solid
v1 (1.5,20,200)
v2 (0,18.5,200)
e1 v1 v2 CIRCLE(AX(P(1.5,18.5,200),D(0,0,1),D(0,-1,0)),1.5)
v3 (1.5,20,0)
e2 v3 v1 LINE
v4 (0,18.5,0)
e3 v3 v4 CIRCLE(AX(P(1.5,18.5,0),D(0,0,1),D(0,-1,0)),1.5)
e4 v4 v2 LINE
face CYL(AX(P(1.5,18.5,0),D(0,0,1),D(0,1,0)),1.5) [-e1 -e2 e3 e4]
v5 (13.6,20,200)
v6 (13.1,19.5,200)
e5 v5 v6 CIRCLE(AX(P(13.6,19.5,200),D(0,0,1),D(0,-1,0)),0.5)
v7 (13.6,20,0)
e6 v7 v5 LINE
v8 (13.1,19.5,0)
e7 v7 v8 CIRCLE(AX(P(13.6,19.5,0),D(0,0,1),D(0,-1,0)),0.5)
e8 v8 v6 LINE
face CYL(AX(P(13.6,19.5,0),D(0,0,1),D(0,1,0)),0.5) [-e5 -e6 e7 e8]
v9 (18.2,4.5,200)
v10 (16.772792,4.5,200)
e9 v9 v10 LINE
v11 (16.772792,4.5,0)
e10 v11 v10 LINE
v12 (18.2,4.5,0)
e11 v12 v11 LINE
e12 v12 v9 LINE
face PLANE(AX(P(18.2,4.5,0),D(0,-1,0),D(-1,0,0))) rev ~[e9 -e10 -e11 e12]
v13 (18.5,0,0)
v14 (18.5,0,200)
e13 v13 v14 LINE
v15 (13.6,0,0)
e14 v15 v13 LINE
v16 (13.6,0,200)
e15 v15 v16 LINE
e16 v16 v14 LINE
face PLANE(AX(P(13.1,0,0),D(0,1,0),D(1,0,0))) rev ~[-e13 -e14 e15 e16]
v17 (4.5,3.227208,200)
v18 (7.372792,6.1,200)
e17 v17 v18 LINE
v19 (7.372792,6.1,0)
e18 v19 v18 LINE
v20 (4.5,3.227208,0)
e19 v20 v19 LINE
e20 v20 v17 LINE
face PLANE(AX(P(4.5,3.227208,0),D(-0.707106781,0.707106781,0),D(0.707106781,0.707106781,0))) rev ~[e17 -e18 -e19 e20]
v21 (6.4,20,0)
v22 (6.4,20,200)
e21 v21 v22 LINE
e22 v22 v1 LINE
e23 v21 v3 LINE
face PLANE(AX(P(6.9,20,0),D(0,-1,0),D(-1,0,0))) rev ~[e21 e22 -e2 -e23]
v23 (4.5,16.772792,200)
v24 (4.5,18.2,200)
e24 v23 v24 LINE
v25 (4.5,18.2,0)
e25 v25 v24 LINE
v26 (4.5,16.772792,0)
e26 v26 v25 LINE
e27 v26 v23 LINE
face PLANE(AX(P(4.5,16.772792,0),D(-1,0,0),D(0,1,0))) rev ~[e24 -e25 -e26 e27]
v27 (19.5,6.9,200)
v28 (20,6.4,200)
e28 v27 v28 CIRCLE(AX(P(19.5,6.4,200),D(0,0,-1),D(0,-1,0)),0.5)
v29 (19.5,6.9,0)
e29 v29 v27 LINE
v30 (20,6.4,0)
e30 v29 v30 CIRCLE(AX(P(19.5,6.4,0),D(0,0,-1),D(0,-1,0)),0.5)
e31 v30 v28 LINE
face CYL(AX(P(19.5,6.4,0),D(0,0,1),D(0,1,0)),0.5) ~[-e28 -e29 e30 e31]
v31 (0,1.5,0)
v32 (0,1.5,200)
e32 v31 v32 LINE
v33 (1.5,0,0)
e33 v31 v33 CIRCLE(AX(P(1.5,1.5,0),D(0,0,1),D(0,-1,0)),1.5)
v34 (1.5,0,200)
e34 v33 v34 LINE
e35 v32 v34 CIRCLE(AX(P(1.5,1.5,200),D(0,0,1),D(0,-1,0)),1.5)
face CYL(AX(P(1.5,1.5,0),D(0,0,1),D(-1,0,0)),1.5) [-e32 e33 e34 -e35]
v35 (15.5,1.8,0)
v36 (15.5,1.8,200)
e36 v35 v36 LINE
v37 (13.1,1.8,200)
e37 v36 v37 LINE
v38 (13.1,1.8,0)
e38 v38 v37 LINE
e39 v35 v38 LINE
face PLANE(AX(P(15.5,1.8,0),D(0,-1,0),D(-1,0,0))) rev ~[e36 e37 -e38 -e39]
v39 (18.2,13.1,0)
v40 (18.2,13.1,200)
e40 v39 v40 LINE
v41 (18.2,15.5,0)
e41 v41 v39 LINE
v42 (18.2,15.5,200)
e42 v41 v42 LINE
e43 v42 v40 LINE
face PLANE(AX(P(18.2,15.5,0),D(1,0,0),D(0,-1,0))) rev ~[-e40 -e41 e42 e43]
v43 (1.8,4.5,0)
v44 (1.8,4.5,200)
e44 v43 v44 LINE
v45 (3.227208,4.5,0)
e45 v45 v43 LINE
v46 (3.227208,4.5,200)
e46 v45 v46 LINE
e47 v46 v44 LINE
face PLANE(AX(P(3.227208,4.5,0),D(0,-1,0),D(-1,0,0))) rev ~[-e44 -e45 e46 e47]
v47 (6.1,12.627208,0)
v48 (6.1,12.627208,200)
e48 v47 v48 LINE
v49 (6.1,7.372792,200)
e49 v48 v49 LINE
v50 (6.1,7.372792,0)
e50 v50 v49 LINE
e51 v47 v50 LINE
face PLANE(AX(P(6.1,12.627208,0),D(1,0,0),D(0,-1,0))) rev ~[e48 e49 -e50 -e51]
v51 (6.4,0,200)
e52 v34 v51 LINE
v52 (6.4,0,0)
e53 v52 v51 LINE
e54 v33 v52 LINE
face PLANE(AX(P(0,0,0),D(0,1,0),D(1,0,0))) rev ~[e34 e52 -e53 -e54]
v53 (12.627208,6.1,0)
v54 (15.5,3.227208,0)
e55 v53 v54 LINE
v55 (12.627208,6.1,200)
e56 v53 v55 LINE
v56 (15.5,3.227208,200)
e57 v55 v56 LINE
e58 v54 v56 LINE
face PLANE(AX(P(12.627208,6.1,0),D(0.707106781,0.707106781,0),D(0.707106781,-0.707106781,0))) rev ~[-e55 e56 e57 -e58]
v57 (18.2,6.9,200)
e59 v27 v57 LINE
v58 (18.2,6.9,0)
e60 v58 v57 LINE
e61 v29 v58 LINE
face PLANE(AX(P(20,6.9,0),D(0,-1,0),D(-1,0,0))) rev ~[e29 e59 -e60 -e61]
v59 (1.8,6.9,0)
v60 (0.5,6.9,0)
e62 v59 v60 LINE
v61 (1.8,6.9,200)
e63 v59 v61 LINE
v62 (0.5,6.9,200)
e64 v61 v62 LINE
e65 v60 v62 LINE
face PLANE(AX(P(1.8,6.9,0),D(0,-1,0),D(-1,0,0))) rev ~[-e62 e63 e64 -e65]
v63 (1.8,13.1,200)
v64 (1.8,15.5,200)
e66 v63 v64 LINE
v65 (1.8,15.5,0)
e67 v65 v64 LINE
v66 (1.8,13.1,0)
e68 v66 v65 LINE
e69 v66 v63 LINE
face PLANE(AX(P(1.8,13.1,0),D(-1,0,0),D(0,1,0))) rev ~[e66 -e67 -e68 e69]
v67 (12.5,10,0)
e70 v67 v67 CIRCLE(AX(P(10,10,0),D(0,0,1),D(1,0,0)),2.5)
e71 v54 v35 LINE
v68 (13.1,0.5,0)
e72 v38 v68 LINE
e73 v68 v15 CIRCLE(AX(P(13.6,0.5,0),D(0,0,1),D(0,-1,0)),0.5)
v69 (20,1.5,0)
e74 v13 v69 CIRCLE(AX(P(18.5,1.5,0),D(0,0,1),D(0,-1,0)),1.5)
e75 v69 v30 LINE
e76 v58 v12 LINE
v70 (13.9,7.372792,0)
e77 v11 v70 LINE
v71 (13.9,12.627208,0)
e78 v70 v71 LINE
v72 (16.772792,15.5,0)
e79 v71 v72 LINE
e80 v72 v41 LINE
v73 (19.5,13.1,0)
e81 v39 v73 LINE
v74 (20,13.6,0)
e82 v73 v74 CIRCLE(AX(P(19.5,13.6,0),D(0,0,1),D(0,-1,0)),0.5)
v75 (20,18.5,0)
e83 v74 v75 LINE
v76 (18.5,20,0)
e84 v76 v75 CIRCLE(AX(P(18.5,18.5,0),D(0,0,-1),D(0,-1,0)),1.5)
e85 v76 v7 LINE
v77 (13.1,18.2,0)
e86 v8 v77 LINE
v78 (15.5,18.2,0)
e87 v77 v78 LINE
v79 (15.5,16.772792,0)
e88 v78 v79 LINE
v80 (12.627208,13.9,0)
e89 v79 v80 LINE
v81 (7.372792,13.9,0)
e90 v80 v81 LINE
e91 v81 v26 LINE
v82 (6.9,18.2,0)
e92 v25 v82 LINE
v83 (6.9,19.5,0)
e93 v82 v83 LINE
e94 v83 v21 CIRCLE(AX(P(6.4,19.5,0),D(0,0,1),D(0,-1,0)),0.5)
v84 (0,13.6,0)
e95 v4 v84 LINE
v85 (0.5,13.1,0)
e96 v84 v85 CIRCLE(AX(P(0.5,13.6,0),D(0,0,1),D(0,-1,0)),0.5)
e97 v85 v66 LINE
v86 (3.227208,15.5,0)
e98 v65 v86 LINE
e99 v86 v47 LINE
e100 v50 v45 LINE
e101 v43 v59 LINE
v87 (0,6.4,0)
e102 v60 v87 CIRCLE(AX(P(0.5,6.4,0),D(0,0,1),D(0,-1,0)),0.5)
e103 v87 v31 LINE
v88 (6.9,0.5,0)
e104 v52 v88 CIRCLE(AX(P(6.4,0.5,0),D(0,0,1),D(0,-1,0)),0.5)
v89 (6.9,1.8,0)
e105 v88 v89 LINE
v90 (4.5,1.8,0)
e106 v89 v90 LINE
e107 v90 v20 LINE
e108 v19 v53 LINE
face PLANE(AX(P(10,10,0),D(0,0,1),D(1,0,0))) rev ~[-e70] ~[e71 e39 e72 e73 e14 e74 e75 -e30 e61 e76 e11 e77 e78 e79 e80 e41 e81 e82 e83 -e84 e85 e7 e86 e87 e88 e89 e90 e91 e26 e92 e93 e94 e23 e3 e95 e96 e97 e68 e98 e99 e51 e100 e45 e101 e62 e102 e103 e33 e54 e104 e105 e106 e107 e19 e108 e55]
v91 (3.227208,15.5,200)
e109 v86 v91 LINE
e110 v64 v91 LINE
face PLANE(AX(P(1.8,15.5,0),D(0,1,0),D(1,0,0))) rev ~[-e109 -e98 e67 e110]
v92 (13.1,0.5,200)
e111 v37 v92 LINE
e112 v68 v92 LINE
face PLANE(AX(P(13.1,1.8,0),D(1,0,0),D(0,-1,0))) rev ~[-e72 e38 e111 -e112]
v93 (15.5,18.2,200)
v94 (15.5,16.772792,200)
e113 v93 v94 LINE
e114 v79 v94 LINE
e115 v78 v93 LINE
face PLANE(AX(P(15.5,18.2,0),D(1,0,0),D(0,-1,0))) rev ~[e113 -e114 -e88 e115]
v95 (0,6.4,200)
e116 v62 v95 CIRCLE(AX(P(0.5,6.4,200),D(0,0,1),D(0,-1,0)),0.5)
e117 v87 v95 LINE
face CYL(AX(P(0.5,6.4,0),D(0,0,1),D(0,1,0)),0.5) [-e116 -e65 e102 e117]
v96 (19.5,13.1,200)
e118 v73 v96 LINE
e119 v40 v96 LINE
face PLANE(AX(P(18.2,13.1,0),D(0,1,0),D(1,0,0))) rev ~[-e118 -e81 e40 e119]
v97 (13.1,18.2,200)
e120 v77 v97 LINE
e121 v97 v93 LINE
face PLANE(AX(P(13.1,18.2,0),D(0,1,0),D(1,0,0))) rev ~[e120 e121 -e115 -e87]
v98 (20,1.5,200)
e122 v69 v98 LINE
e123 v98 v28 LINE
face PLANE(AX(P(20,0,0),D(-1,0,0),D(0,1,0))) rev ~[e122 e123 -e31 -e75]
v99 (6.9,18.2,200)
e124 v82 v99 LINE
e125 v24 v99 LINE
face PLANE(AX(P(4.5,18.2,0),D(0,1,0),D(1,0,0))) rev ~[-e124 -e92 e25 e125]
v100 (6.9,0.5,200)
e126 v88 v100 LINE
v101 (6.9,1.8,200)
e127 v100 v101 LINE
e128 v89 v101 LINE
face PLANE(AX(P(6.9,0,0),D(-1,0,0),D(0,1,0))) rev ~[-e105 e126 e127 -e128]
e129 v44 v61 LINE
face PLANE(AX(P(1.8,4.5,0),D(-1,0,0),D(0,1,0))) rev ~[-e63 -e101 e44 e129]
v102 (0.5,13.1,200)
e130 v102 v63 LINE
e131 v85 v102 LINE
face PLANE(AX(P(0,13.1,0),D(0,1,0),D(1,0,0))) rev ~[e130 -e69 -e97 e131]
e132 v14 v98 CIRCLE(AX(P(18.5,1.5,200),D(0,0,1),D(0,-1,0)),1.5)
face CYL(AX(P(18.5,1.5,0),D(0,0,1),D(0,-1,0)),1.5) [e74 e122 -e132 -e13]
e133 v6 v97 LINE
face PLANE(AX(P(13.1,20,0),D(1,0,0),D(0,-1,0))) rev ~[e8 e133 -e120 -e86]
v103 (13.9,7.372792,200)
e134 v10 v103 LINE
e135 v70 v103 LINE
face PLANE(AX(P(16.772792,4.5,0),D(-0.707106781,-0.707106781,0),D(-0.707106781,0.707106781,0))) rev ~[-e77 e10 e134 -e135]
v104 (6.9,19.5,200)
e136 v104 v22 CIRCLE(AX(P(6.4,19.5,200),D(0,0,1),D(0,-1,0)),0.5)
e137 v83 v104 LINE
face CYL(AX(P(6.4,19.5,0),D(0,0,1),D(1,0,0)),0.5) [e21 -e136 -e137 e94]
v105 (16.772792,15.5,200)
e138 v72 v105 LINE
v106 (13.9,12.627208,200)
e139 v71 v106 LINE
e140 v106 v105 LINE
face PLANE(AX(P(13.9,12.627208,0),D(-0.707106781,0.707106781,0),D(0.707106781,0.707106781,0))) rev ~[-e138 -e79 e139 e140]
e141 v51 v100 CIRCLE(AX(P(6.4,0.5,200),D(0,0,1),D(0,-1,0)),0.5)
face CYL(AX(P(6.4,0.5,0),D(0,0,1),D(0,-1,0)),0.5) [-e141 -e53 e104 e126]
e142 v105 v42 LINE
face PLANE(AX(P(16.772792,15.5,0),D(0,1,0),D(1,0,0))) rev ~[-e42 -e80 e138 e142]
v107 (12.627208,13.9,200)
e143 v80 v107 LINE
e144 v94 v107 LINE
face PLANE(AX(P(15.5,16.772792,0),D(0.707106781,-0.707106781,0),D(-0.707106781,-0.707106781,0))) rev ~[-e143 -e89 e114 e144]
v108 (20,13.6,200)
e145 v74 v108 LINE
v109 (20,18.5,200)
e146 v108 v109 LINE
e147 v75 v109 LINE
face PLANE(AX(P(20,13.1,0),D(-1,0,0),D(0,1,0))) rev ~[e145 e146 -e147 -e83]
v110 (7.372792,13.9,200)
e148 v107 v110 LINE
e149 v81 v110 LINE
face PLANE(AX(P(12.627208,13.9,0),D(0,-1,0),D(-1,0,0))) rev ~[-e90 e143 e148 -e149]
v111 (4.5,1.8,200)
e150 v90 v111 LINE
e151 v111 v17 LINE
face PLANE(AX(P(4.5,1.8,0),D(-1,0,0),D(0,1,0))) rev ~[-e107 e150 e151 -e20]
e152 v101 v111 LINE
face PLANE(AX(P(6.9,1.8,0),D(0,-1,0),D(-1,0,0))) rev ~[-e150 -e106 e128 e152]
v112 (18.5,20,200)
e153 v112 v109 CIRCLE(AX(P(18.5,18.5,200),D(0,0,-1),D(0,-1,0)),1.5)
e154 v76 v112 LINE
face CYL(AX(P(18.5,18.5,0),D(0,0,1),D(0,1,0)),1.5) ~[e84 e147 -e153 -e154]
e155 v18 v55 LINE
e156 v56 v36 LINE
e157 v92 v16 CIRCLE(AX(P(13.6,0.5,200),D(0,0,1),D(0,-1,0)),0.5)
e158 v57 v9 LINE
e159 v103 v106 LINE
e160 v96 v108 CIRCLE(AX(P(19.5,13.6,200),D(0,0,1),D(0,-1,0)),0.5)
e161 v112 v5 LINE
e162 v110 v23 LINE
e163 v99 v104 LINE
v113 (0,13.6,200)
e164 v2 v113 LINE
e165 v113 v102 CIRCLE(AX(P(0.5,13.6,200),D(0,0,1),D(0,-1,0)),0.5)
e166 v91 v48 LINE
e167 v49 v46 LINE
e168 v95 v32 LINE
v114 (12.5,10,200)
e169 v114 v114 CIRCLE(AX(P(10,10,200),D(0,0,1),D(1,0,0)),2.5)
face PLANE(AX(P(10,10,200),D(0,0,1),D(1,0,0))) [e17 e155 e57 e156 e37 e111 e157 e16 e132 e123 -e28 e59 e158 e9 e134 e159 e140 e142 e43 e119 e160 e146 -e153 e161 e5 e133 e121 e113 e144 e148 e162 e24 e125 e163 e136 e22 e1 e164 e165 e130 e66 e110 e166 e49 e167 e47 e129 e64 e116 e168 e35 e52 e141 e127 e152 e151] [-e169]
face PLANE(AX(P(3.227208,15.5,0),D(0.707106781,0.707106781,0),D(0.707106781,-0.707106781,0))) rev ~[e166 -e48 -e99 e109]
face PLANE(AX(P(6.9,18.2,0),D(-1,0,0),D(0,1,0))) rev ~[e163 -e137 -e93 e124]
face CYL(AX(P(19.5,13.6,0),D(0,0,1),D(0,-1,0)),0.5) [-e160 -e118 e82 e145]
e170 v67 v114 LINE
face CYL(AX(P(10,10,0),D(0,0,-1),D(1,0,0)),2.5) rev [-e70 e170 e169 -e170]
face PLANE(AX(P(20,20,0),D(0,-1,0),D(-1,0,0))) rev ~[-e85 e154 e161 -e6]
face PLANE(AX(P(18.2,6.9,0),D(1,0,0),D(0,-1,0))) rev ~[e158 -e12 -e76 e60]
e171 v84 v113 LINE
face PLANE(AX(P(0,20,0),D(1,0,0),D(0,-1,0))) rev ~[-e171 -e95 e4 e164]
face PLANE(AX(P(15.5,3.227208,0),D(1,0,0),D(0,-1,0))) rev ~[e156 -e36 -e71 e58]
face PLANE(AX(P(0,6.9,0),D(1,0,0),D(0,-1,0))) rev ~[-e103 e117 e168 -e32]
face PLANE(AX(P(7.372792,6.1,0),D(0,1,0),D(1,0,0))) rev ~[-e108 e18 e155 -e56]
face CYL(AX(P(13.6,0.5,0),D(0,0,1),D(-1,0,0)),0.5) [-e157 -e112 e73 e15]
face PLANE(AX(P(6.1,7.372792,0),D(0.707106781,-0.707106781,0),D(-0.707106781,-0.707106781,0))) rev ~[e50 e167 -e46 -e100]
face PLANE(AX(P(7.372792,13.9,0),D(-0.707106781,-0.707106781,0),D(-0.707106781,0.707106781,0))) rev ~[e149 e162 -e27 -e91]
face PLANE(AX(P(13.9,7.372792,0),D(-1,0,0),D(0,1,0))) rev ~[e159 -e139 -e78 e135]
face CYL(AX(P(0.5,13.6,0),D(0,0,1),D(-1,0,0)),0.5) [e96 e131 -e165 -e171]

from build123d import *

# Parameters (mm, degrees)
SKETCH_1_R      = 2.5
EXTRUDE_1_DEPTH = 200
FILLET_1_R      = 1.5
FILLET_2_R      = 1.5
FILLET_3_R      = 1.5
FILLET_4_R      = 1.5
FILLET_5_R      = 0.5
FILLET_6_R      = 0.5
FILLET_7_R      = 0.5
FILLET_8_R      = 0.5
FILLET_9_R      = 0.5
FILLET_10_R     = 0.5
FILLET_11_R     = 0.5
FILLET_12_R     = 0.5


with BuildPart() as part:
    # 草图1 → 凸台-拉伸1 (new body)
    with BuildSketch(Plane.XY):
        Polygon((0, 6.9), (0, 0), (6.9, 0), (6.9, 1.8), (4.5, 1.8), (4.5, 3.227207794), (7.372792206, 6.1), (12.627207794, 6.1), (15.5, 3.227207794), (15.5, 1.8), (13.1, 1.8), (13.1, 0), (20, 0), (20, 6.9), (18.2, 6.9), (18.2, 4.5), (16.772792206, 4.5), (13.9, 7.372792206), (13.9, 12.627207794), (16.772792206, 15.5), (18.2, 15.5), (18.2, 13.1), (20, 13.1), (20, 20), (13.1, 20), (13.1, 18.2), (15.5, 18.2), (15.5, 16.772792206), (12.627207794, 13.9), (7.372792206, 13.9), (4.5, 16.772792206), (4.5, 18.2), (6.9, 18.2), (6.9, 20), (0, 20), (0, 13.1), (1.8, 13.1), (1.8, 15.5), (3.227207794, 15.5), (6.1, 12.627207794), (6.1, 7.372792206), (3.227207794, 4.5), (1.8, 4.5), (1.8, 6.9), align=None)
        with Locations((10, 10)):
            Circle(SKETCH_1_R, mode=Mode.SUBTRACT)
    extrude(amount=EXTRUDE_1_DEPTH)

    # 圆角1
    fillet_1_edges = [part.edges().sort_by_distance(p)[0] for p in [
        (20, 20, 100),
    ]]
    fillet(fillet_1_edges, radius=FILLET_1_R)

    # 圆角2
    fillet_2_edges = [part.edges().sort_by_distance(p)[0] for p in [
        (0, 20, 100),
    ]]
    fillet(fillet_2_edges, radius=FILLET_2_R)

    # 圆角3
    fillet_3_edges = [part.edges().sort_by_distance(p)[0] for p in [
        (0, 0, 100),
    ]]
    fillet(fillet_3_edges, radius=FILLET_3_R)

    # 圆角4
    fillet_4_edges = [part.edges().sort_by_distance(p)[0] for p in [
        (20, 0, 100),
    ]]
    fillet(fillet_4_edges, radius=FILLET_4_R)

    # 圆角5
    fillet_5_edges = [part.edges().sort_by_distance(p)[0] for p in [
        (13.1, 20, 100),
    ]]
    fillet(fillet_5_edges, radius=FILLET_5_R)

    # 圆角6
    fillet_6_edges = [part.edges().sort_by_distance(p)[0] for p in [
        (6.9, 20, 100),
    ]]
    fillet(fillet_6_edges, radius=FILLET_6_R)

    # 圆角7
    fillet_7_edges = [part.edges().sort_by_distance(p)[0] for p in [
        (0, 13.1, 100),
    ]]
    fillet(fillet_7_edges, radius=FILLET_7_R)

    # 圆角8
    fillet_8_edges = [part.edges().sort_by_distance(p)[0] for p in [
        (0, 6.9, 100),
    ]]
    fillet(fillet_8_edges, radius=FILLET_8_R)

    # 圆角9
    fillet_9_edges = [part.edges().sort_by_distance(p)[0] for p in [
        (6.9, 0, 100),
    ]]
    fillet(fillet_9_edges, radius=FILLET_9_R)

    # 圆角10
    fillet_10_edges = [part.edges().sort_by_distance(p)[0] for p in [
        (13.1, 0, 100),
    ]]
    fillet(fillet_10_edges, radius=FILLET_10_R)

    # 圆角11
    fillet_11_edges = [part.edges().sort_by_distance(p)[0] for p in [
        (20, 13.1, 100),
    ]]
    fillet(fillet_11_edges, radius=FILLET_11_R)

    # 圆角12
    fillet_12_edges = [part.edges().sort_by_distance(p)[0] for p in [
        (20, 6.9, 100),
    ]]
    fillet(fillet_12_edges, radius=FILLET_12_R)


solid = part.part
